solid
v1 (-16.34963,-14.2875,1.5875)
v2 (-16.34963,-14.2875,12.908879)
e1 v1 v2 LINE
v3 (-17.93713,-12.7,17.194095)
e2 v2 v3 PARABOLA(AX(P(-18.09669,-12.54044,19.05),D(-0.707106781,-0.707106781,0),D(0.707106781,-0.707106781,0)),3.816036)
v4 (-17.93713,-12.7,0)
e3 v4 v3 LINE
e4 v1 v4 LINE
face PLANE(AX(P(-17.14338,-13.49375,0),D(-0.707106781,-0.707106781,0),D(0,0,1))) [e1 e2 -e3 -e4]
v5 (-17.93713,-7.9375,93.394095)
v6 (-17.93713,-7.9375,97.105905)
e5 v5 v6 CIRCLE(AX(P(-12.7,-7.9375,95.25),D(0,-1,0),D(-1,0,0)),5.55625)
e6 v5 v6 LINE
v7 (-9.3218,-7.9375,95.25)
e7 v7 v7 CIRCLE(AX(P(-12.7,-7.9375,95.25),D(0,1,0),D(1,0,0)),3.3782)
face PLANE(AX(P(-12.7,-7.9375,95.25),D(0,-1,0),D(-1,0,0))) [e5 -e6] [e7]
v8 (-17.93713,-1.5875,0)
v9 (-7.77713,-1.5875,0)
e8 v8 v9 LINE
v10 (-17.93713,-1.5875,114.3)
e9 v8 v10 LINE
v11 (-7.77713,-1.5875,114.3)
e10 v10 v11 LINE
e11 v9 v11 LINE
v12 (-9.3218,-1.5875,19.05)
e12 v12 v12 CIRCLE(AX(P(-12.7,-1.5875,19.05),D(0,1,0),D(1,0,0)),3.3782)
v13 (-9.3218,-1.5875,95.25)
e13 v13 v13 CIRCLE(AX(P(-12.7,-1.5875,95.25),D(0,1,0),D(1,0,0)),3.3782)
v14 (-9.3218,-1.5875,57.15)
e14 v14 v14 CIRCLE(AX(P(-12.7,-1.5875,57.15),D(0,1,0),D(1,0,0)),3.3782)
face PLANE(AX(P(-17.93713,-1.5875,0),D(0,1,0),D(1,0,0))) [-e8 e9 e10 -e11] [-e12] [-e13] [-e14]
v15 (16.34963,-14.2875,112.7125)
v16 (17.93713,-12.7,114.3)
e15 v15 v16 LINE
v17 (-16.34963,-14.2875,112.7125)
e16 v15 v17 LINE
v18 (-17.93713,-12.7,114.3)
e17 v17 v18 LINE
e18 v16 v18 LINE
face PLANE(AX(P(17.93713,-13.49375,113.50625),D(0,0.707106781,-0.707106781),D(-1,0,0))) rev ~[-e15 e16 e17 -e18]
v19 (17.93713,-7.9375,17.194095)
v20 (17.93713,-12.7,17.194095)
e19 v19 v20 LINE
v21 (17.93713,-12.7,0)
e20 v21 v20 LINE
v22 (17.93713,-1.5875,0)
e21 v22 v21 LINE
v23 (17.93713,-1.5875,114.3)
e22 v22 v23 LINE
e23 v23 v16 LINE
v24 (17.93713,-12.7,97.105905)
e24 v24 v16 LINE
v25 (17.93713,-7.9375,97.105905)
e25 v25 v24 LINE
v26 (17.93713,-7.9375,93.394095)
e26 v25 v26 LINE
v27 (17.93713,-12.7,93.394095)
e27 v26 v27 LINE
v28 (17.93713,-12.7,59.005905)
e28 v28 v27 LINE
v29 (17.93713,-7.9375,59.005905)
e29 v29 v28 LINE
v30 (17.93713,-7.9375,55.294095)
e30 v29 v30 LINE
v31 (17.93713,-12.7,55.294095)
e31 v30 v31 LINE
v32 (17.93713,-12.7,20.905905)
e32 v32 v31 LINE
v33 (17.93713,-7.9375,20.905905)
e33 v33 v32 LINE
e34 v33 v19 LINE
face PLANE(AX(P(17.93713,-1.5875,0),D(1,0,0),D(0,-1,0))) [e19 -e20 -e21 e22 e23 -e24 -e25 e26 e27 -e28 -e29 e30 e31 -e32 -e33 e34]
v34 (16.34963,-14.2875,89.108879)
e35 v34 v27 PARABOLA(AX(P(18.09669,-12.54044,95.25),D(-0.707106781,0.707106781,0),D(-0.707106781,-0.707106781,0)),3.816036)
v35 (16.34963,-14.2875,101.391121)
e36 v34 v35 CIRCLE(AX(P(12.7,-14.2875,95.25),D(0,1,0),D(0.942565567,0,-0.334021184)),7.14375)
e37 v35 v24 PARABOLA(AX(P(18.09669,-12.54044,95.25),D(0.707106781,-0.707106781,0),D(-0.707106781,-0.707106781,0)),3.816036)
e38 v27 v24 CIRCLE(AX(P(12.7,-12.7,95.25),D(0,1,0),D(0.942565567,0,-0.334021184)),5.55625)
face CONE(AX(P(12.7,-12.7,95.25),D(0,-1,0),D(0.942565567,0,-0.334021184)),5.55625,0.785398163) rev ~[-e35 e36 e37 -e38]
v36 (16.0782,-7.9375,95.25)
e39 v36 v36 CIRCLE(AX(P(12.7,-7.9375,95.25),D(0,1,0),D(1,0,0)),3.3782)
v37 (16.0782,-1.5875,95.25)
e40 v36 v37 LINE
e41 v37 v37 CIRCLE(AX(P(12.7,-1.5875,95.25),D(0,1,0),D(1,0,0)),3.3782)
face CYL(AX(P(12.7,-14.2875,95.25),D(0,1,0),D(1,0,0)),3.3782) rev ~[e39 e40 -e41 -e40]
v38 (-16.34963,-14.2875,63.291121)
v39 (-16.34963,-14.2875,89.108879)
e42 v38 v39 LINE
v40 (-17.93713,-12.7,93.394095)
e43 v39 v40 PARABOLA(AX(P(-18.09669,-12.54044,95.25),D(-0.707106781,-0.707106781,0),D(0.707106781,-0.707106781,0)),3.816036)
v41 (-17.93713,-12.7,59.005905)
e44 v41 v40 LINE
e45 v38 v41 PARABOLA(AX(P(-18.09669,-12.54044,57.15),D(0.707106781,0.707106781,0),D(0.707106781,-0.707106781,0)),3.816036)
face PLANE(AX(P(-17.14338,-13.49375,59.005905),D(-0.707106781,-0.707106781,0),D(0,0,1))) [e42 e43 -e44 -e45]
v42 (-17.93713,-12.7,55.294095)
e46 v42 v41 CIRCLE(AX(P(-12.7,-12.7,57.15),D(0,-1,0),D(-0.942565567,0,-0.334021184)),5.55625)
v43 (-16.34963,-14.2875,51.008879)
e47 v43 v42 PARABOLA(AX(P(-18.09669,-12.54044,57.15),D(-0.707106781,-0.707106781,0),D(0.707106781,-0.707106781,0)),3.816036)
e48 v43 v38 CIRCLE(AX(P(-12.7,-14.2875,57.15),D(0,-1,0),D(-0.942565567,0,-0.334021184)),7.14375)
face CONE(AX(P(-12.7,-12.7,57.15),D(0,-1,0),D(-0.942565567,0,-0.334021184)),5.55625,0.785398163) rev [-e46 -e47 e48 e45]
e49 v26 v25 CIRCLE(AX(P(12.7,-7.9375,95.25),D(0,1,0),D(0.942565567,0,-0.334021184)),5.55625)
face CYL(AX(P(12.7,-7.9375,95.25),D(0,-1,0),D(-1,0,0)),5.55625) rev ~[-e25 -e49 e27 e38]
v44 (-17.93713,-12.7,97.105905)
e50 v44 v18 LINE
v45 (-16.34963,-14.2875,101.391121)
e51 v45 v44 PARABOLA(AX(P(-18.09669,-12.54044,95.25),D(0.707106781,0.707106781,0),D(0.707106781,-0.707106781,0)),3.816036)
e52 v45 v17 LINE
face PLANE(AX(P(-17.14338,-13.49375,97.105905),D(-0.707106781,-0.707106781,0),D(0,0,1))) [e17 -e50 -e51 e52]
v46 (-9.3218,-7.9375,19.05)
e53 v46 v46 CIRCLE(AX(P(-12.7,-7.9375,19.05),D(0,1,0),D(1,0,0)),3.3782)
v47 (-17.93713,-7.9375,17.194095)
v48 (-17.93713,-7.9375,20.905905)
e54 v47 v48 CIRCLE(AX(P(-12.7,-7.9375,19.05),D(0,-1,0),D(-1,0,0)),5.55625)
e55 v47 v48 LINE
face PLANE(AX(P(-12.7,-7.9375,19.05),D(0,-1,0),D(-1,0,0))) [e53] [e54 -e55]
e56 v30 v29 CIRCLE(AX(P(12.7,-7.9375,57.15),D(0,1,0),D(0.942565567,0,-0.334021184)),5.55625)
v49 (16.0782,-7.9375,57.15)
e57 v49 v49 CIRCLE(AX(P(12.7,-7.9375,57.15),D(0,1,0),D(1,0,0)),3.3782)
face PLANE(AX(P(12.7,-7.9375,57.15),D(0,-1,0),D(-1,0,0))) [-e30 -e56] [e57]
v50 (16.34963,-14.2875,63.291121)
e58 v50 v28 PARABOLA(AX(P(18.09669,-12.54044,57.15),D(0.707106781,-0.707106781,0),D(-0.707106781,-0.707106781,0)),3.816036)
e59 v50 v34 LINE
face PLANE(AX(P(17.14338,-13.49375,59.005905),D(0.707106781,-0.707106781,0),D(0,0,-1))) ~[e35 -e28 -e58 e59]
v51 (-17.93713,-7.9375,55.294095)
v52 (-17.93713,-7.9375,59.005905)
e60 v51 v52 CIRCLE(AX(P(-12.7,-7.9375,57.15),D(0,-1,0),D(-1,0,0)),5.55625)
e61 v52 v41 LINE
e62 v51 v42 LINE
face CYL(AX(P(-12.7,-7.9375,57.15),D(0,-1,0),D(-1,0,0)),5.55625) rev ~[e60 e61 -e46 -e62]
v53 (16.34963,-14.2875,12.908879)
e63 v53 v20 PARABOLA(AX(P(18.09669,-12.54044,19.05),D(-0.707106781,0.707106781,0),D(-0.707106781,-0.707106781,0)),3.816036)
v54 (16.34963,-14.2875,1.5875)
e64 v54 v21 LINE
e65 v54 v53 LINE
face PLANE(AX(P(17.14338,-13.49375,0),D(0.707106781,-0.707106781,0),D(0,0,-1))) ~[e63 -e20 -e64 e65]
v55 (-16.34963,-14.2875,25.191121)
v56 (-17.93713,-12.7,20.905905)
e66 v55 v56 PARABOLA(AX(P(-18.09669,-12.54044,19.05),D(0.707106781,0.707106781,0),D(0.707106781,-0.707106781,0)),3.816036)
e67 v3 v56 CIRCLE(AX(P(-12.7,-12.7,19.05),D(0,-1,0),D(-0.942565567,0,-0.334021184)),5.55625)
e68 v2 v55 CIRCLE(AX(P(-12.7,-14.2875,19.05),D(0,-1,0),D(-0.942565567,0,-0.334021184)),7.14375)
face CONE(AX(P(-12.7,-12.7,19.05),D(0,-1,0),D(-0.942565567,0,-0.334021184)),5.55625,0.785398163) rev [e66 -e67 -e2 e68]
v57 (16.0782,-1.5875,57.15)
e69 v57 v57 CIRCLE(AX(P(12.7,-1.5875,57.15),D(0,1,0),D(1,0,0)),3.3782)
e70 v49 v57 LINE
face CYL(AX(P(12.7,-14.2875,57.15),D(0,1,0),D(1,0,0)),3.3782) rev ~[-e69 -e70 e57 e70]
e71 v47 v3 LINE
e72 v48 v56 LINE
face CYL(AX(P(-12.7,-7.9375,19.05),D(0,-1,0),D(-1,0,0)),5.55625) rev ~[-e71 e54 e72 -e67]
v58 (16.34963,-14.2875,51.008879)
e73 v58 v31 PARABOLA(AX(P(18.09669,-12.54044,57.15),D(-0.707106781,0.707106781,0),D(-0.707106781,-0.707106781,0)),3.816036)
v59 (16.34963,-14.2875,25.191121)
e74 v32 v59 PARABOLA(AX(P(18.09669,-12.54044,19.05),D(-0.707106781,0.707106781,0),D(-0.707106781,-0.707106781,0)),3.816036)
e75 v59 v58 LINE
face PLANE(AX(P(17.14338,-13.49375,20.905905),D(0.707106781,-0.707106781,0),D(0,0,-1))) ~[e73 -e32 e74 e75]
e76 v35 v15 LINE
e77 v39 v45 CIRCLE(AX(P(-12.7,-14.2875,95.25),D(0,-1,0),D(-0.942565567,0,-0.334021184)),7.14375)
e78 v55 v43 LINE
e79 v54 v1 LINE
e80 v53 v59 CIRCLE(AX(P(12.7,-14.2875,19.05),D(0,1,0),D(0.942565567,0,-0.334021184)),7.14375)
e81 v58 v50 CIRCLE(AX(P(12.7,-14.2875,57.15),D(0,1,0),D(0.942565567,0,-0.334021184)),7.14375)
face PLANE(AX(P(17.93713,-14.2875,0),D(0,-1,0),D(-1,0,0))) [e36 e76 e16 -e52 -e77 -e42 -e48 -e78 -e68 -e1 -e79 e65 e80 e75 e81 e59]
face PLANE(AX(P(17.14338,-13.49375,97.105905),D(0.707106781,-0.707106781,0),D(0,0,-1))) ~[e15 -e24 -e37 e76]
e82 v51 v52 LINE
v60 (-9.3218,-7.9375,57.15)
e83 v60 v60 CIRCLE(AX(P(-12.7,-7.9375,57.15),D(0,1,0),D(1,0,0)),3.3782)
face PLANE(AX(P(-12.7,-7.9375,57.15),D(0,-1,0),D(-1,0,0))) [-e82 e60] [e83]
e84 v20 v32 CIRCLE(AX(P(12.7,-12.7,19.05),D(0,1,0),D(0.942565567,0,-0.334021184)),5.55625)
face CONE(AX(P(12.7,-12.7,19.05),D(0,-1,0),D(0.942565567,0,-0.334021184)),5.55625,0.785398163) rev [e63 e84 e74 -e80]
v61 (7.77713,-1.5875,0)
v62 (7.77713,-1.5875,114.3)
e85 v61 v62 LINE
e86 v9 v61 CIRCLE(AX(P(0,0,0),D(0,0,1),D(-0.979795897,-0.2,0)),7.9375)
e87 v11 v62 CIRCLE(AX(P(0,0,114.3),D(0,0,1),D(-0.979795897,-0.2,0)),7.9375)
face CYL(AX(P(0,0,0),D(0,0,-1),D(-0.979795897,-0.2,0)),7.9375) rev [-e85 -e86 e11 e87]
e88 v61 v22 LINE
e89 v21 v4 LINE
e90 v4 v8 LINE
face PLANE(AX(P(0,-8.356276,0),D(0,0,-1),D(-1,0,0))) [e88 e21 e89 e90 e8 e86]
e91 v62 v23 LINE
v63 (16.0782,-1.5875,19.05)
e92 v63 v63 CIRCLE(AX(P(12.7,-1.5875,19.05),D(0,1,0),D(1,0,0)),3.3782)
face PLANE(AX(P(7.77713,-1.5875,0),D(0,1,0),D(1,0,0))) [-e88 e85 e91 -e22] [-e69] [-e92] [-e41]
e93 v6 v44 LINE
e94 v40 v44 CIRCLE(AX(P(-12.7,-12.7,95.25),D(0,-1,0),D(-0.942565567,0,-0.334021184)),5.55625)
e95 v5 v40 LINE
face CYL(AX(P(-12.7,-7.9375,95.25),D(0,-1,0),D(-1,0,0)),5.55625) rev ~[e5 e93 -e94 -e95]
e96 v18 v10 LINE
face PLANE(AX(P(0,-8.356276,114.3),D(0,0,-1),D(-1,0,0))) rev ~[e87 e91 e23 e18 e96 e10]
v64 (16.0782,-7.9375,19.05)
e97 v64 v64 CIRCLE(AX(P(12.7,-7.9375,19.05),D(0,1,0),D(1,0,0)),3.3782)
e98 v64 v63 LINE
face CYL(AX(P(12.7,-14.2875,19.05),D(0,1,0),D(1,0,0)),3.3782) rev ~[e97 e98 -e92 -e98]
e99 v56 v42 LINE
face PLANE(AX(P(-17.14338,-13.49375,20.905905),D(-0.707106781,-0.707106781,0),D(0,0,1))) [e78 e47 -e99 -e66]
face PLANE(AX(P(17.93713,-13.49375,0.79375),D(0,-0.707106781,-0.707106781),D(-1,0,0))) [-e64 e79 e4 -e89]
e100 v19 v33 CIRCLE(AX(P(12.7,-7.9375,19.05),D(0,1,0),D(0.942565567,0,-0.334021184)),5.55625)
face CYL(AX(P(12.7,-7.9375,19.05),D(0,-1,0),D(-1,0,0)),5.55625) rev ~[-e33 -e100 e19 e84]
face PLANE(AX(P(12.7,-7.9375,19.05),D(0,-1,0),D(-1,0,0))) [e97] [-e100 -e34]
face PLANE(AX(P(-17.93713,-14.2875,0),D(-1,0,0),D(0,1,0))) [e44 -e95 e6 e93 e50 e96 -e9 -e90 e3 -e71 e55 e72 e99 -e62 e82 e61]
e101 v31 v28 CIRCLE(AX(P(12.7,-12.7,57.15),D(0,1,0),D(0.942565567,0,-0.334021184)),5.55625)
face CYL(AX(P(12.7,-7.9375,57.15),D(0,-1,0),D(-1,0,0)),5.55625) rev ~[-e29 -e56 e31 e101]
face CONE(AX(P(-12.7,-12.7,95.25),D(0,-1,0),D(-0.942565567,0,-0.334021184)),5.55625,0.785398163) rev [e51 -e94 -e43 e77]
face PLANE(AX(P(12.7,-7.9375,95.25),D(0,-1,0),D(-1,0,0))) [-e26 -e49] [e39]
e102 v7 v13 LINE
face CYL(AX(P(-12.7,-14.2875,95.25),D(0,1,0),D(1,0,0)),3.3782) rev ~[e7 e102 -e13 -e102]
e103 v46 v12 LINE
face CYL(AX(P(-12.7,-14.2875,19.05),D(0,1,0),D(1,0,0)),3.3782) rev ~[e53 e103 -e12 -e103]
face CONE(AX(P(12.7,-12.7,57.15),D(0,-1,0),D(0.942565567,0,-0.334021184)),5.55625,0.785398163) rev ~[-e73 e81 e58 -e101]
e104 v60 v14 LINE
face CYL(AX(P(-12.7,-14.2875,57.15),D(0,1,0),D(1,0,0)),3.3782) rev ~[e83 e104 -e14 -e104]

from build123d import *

# Parameters (mm, degrees)
STOCK_DEPTH                                      = 114.3
CBORE_FOR_1_4_SOCKET_HEAD_CAP_SCREW1_D           = 6.7564
CBORE_FOR_1_4_SOCKET_HEAD_CAP_SCREW1_CBORE_D     = 11.1125
CBORE_FOR_1_4_SOCKET_HEAD_CAP_SCREW1_CBORE_DEPTH = 6.35
CHAMFER1_SIZE                                    = 1.5875


with BuildPart() as part:
    # Sketch1 → stock (new body)
    with BuildSketch(Plane.XY):
        with BuildLine():
            Line((7.777129933, -1.5875), (17.937129933, -1.5875))
            Line((17.937129933, -1.5875), (17.937129933, -14.2875))
            Line((17.937129933, -14.2875), (-17.937129933, -14.2875))
            Line((-17.937129933, -14.2875), (-17.937129933, -1.5875))
            Line((-17.937129933, -1.5875), (-7.777129933, -1.5875))
            ThreePointArc((-7.777129933, -1.5875), (0, -7.9375), (7.777129933, -1.5875))
        make_face()
    extrude(amount=STOCK_DEPTH)

    # CBORE for 1/4 Socket Head Cap Screw1 (through all)
    with Locations(Plane(origin=(0, -14.2875, 0), x_dir=(-1, 0, 0), z_dir=(0, -1, 0))):
        with Locations((12.7, -19.05), (12.7, -57.15), (12.7, -95.25), (-12.7, -95.25), (-12.7, -57.15), (-12.7, -19.05)):
            CounterBoreHole(CBORE_FOR_1_4_SOCKET_HEAD_CAP_SCREW1_D / 2, CBORE_FOR_1_4_SOCKET_HEAD_CAP_SCREW1_CBORE_D / 2, CBORE_FOR_1_4_SOCKET_HEAD_CAP_SCREW1_CBORE_DEPTH)

    # Chamfer1
    chamfer1_edges = [part.edges().sort_by_distance(p)[0] for p in [
        (17.937129933, -14.2875, 105.702952602),
        (-17.937129933, -14.2875, 105.702952602),
        (17.937129933, -14.2875, 8.597047398),
        (7.14375, -14.2875, 19.05),
        (17.937129933, -14.2875, 38.1),
        (7.14375, -14.2875, 57.15),
        (0, -14.2875, 114.3),
        (17.937129933, -14.2875, 76.2),
        (7.14375, -14.2875, 95.25),
        (-17.937129933, -14.2875, 76.2),
        (-7.14375, -14.2875, 95.25),
        (-17.937129933, -14.2875, 38.1),
        (-7.14375, -14.2875, 57.15),
        (0, -14.2875, 0),
        (-17.937129933, -14.2875, 8.597047398),
        (-7.14375, -14.2875, 19.05),
    ]]
    chamfer(chamfer1_edges, length=CHAMFER1_SIZE)


solid = part.part
